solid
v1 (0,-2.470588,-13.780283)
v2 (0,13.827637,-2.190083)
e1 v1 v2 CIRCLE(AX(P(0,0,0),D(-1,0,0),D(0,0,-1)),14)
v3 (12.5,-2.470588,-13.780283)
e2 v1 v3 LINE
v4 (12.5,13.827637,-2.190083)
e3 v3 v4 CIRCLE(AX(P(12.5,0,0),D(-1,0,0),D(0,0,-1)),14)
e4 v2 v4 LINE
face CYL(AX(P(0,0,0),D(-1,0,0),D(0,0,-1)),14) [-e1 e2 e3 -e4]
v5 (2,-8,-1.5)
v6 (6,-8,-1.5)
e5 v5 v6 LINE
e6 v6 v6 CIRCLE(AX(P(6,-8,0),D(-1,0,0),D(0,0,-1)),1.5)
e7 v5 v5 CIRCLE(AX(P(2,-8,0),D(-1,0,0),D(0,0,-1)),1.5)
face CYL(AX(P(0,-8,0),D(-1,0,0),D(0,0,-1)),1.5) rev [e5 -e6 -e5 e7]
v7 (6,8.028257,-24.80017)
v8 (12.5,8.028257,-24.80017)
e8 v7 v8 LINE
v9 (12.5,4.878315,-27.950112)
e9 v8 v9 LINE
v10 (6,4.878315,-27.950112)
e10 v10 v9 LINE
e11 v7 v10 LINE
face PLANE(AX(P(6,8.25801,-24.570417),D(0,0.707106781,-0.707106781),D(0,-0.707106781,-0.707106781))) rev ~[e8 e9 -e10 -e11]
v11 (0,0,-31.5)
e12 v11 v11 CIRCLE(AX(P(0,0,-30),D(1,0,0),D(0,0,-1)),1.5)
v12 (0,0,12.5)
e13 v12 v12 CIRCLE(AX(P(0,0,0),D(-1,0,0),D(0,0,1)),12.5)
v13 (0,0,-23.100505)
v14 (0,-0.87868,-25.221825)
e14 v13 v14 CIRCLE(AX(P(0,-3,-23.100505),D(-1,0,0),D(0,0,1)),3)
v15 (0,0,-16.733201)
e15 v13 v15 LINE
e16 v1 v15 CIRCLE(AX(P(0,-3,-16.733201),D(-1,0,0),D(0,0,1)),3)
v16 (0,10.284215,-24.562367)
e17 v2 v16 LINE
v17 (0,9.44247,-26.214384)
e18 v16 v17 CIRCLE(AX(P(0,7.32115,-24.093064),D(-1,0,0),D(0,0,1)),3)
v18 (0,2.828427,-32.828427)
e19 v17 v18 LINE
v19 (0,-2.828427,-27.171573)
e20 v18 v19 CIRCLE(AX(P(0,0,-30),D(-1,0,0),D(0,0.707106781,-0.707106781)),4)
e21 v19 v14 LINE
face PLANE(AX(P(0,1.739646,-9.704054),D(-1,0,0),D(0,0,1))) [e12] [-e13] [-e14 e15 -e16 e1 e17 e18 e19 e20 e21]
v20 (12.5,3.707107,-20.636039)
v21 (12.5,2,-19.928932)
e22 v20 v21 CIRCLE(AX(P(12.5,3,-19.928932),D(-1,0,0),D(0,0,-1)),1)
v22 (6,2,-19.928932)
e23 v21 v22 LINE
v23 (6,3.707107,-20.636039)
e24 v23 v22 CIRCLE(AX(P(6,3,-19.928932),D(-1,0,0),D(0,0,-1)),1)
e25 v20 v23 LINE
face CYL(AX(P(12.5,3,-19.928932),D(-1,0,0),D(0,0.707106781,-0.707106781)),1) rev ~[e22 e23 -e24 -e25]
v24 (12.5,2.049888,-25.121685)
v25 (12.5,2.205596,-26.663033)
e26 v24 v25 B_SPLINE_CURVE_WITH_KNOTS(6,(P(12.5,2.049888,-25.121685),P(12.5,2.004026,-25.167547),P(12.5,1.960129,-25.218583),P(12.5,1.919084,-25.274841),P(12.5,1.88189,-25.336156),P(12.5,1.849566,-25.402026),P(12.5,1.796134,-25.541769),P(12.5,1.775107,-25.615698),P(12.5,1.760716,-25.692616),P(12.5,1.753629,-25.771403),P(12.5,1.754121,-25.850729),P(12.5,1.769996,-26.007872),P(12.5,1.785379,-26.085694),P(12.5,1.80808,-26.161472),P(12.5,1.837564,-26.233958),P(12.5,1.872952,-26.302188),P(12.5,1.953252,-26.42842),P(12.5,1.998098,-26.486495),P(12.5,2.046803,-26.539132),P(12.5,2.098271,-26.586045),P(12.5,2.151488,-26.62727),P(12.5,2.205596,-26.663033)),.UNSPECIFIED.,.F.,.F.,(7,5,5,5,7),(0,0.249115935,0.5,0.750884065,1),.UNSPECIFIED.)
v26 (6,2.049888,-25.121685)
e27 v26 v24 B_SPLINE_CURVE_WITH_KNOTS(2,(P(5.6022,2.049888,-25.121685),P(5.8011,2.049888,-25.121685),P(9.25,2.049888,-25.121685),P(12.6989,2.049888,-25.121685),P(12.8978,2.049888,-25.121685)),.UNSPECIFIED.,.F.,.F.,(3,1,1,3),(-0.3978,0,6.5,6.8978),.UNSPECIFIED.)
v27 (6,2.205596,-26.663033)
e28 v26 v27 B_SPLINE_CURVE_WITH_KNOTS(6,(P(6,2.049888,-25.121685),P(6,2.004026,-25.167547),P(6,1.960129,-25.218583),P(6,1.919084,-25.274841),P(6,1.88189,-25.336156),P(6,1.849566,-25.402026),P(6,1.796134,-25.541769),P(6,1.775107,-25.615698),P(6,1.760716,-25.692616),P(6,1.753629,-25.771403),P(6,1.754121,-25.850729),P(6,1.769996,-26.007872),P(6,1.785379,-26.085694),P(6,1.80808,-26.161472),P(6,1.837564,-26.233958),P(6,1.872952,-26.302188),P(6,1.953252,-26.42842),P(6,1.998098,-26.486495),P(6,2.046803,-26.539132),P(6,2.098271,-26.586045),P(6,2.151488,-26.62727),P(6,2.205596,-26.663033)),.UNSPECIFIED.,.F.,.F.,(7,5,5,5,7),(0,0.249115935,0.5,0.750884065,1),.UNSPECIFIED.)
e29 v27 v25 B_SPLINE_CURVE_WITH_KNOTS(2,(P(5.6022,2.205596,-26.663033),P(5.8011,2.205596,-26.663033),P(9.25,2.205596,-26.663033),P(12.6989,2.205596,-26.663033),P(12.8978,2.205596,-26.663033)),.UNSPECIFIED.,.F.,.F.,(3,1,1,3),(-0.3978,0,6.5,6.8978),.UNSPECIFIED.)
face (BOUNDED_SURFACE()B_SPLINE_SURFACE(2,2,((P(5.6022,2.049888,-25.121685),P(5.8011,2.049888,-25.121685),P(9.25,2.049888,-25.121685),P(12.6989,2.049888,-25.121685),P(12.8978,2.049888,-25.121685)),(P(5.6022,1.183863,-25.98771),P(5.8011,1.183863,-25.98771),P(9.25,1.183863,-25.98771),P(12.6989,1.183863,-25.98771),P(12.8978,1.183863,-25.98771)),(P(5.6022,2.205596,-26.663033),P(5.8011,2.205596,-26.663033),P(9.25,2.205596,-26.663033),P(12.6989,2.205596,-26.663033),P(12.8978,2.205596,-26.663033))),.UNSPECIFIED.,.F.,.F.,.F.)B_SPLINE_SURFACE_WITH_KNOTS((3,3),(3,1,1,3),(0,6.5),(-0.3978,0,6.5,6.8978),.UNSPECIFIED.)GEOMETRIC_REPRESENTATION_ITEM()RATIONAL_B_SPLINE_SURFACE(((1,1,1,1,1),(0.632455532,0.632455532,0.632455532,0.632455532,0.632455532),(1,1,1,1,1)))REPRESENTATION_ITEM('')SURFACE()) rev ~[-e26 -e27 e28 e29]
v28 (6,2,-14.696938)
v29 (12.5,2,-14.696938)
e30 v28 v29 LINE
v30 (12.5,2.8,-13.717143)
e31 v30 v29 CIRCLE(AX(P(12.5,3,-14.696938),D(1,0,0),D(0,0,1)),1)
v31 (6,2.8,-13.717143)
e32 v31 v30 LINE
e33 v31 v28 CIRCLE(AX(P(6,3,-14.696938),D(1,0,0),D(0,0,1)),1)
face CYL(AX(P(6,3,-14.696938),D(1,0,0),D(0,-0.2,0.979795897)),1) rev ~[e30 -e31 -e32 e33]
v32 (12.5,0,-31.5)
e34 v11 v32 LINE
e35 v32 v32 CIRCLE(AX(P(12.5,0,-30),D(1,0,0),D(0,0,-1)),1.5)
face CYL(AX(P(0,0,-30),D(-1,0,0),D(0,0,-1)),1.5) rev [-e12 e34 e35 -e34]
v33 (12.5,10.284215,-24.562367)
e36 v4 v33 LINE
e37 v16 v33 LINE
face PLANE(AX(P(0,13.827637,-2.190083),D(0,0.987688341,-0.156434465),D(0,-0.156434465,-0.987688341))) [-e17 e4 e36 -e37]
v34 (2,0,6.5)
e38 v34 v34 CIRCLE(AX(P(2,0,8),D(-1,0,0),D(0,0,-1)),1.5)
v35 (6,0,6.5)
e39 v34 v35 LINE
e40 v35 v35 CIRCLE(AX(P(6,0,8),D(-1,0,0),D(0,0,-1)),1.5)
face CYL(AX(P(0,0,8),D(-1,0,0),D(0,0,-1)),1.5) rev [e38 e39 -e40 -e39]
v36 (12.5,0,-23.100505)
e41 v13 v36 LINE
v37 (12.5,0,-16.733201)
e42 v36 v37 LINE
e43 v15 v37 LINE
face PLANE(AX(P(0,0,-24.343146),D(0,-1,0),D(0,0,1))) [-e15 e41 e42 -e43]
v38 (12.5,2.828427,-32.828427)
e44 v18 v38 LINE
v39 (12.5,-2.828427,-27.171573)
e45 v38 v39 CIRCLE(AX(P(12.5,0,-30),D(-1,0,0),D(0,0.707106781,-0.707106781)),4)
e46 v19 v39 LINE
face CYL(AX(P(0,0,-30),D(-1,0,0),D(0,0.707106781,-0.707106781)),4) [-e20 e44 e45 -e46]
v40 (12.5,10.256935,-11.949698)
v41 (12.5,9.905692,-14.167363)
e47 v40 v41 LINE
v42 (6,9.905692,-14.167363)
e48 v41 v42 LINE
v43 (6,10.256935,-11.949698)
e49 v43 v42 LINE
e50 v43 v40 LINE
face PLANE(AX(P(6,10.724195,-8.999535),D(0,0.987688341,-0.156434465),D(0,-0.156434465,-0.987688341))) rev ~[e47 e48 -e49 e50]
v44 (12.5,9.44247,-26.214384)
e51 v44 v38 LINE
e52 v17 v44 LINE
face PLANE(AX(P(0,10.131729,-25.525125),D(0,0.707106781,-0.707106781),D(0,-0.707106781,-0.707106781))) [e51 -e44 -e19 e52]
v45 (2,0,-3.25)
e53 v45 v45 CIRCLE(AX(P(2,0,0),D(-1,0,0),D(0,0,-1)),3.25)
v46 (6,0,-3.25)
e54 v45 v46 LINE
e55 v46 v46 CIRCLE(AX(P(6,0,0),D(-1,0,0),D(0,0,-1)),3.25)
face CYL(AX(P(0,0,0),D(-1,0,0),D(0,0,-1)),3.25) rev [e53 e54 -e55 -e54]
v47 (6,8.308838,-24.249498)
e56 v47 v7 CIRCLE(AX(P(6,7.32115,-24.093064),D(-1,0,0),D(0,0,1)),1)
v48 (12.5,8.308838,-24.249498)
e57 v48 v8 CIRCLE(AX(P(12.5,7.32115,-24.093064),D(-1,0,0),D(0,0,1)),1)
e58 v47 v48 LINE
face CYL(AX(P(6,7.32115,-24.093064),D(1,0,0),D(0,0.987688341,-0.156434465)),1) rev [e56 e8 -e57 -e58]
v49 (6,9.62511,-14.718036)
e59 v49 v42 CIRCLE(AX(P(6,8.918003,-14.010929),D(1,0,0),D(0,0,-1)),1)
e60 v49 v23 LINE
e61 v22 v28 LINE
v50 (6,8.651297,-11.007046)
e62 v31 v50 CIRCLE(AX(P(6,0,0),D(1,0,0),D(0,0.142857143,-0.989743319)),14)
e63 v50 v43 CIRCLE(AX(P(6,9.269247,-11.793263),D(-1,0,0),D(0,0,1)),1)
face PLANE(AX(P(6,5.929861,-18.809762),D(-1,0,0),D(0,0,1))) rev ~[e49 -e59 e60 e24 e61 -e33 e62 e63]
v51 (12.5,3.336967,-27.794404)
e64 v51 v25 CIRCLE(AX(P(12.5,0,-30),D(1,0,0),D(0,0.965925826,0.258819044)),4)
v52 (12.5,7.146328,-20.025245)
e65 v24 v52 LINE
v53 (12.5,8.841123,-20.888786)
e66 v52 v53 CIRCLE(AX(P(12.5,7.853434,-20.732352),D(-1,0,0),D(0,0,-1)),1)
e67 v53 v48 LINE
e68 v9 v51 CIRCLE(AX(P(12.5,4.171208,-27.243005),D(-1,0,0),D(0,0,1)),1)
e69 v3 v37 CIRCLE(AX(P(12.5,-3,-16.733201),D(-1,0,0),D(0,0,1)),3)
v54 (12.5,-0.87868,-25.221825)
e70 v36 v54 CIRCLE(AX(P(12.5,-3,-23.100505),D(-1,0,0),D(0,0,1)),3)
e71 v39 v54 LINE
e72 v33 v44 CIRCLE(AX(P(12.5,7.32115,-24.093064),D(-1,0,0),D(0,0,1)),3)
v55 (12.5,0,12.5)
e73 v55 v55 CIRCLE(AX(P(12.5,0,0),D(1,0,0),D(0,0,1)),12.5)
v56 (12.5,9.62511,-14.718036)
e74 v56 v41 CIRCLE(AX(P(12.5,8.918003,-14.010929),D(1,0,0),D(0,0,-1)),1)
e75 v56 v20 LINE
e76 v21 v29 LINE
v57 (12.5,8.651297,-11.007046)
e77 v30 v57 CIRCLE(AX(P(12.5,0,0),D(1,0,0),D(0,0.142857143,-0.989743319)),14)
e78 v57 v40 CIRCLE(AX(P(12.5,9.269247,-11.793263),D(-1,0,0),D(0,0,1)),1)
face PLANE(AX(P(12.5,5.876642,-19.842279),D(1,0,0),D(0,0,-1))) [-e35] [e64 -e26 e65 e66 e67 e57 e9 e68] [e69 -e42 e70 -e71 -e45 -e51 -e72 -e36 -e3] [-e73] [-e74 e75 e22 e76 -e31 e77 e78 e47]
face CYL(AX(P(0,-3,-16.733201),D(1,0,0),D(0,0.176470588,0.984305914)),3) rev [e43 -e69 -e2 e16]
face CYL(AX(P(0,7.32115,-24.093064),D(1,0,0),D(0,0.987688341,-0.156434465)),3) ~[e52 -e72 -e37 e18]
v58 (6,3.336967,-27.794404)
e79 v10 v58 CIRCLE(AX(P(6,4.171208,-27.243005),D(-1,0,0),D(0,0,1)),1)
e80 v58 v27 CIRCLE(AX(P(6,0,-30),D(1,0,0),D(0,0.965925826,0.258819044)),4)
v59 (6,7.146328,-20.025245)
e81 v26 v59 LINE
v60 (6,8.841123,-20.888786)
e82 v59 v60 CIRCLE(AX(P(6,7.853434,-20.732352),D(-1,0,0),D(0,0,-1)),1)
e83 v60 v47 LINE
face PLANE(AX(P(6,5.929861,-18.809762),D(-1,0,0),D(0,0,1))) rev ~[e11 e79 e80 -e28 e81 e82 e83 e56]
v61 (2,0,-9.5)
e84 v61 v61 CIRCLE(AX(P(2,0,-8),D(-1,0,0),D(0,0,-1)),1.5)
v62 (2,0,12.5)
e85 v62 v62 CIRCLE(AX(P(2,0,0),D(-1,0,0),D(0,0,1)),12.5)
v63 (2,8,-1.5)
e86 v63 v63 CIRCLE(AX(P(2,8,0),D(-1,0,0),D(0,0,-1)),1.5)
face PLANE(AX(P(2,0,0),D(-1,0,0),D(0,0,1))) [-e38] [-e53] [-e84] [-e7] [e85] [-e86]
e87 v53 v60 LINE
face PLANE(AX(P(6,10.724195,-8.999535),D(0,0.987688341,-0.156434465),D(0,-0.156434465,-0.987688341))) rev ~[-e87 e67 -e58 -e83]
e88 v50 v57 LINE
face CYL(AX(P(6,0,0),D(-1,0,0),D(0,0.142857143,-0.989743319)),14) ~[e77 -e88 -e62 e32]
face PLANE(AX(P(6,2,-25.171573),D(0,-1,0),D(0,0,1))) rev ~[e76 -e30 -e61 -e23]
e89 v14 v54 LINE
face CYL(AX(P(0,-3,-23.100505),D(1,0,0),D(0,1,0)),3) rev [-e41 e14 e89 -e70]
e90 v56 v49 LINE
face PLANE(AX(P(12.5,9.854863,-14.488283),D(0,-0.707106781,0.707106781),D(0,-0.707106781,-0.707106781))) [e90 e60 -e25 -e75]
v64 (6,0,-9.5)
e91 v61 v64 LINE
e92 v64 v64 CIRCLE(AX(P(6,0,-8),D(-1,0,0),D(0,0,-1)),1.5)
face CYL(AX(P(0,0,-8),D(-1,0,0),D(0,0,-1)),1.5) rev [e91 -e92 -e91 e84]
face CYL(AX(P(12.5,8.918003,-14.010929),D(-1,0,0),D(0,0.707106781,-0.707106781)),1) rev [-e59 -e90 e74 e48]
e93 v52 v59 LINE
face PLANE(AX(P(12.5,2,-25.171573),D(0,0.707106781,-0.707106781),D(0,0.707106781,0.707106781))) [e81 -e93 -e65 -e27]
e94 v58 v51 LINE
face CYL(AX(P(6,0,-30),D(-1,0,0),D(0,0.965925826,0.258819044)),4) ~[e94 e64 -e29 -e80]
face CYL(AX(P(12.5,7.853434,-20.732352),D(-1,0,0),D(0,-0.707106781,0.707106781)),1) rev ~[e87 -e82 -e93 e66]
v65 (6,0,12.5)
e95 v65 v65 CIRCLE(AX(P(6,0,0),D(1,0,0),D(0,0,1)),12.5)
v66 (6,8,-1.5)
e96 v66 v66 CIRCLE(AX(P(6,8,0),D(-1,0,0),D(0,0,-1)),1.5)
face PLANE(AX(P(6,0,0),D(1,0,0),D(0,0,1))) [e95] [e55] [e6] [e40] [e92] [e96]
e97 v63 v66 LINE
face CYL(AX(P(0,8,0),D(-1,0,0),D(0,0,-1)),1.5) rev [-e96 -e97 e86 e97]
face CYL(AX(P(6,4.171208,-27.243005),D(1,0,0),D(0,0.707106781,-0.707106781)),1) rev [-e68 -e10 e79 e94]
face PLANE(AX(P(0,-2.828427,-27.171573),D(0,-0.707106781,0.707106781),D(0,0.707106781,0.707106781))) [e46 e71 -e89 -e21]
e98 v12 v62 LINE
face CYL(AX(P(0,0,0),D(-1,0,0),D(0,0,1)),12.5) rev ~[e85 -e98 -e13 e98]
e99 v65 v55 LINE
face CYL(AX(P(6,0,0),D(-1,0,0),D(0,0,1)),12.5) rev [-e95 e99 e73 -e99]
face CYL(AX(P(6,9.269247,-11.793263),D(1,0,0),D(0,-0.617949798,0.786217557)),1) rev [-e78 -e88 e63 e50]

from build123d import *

# Parameters (mm, degrees)
SKETCH_1_R          = 3.25
SKETCH_1_R_2        = 1.5
EXTRUDE_1_DEPTH     = 12.5
SKETCH_2_R          = 12.5
CUT_EXTRUDE_1_DEPTH = 2
CUT_EXTRUDE_START   = -6.5
SKETCH_3_R          = 12.5
CUT_EXTRUDE_2_DEPTH = 6.5
EXTRUDE_2_REACH     = 40.836
FILLET_1_R          = 1
FILLET_2_R          = 3


with BuildPart() as part:
    # 草图1 → 凸台-拉伸1 (new body)
    with BuildSketch(Plane(origin=(0, 0, 0), x_dir=(0, 0, -1), z_dir=(1, 0, 0))):
        with BuildLine():
            Line((2.190082511, 13.827636768), (25.525125149, 10.1317291))
            Line((25.525125149, 10.1317291), (32.828427125, 2.828427125))
            ThreePointArc((32.828427125, 2.828427125), (32.828427125, -2.828427125), (27.171572875, -2.828427125))
            Line((27.171572875, -2.828427125), (24.343145751, 0))
            Line((24.343145751, 0), (14, 0))
            ThreePointArc((14, 0), (-10.645683518, -9.092272677), (2.190082511, 13.827636768))
        make_face()
        Circle(SKETCH_1_R, mode=Mode.SUBTRACT)
        with Locations((0, 8)):
            Circle(SKETCH_1_R_2, mode=Mode.SUBTRACT)
        with Locations((8, 0)):
            Circle(SKETCH_1_R_2, mode=Mode.SUBTRACT)
        with Locations((0, -8)):
            Circle(SKETCH_1_R_2, mode=Mode.SUBTRACT)
        with Locations((-8, 0)):
            Circle(SKETCH_1_R_2, mode=Mode.SUBTRACT)
        with Locations((30, 0)):
            Circle(SKETCH_1_R_2, mode=Mode.SUBTRACT)
    extrude(amount=EXTRUDE_1_DEPTH)

    # 草图2 → 切除-拉伸1 (cut)
    with BuildSketch(Plane.ZY):
        Circle(SKETCH_2_R)
    extrude(amount=-CUT_EXTRUDE_1_DEPTH, mode=Mode.SUBTRACT)

    # 草图3 → 切除-拉伸2 (cut)
    with BuildSketch(Plane(origin=(12.5, 0, 0), x_dir=(0, 0, -1), z_dir=(1, 0, 0)).offset(CUT_EXTRUDE_START)):
        with Locations(Location((0, 0, 0), (0, 0, 180))):
            Circle(SKETCH_3_R)
        with BuildLine():
            Line((14, 2), (13.856406461, 2))
            ThreePointArc((13.856406461, 2), (12.232187693, 6.809815287), (8.999535493, 10.724195117))
            Line((8.999535493, 10.724195117), (24.570417428, 8.258009697))
            Line((24.570417428, 8.258009697), (28.96472382, 3.863703305))
            ThreePointArc((28.96472382, 3.863703305), (27.171572875, 2.828427125), (26.136296695, 1.03527618))
            Line((26.136296695, 1.03527618), (25.171572875, 2))
            Line((25.171572875, 2), (14, 2))
        make_face()
    extrude(amount=CUT_EXTRUDE_2_DEPTH, mode=Mode.SUBTRACT)

    # 草图4 → 凸台-拉伸2 (add, up to next)
    with BuildSketch(Plane(origin=(12.5, 0, 0), x_dir=(0, 0, -1), z_dir=(1, 0, 0)), mode=Mode.PRIVATE) as extrude_2_sk1:
        Polygon((25.171572875, 2), (17.848994346, 9.32257853), (14.488282804, 9.854862946), (22.343145751, 2), align=None)
    extrude_2_tool1 = extrude(extrude_2_sk1.sketch, amount=-EXTRUDE_2_REACH, mode=Mode.PRIVATE) - part.part
    add(extrude_2_tool1.solids().sort_by_distance((12.5, 5.795916, -19.944911))[0])

    # 圆角1
    fillet_1_edges = [part.edges().sort_by_distance(p)[0] for p in [
        (9.25, 2, -22.343145751),
        (9.25, 9.854862946, -14.488282804),
        (9.25, 9.32257853, -17.848994346),
        (9.25, 2, -13.856406461),
        (9.25, 10.724195117, -8.999535493),
        (9.25, 8.258009697, -24.570417428),
        (9.25, 3.863703305, -28.96472382),
        (9.25, 1.03527618, -26.136296695),
    ]]
    fillet(fillet_1_edges, radius=FILLET_1_R)

    # 圆角2
    fillet_2_edges = [part.edges().sort_by_distance(p)[0] for p in [
        (6.25, 10.1317291, -25.525125149),
        (6.25, 0, -24.343145751),
        (6.25, 0, -14),
    ]]
    fillet(fillet_2_edges, radius=FILLET_2_R)


solid = part.part
